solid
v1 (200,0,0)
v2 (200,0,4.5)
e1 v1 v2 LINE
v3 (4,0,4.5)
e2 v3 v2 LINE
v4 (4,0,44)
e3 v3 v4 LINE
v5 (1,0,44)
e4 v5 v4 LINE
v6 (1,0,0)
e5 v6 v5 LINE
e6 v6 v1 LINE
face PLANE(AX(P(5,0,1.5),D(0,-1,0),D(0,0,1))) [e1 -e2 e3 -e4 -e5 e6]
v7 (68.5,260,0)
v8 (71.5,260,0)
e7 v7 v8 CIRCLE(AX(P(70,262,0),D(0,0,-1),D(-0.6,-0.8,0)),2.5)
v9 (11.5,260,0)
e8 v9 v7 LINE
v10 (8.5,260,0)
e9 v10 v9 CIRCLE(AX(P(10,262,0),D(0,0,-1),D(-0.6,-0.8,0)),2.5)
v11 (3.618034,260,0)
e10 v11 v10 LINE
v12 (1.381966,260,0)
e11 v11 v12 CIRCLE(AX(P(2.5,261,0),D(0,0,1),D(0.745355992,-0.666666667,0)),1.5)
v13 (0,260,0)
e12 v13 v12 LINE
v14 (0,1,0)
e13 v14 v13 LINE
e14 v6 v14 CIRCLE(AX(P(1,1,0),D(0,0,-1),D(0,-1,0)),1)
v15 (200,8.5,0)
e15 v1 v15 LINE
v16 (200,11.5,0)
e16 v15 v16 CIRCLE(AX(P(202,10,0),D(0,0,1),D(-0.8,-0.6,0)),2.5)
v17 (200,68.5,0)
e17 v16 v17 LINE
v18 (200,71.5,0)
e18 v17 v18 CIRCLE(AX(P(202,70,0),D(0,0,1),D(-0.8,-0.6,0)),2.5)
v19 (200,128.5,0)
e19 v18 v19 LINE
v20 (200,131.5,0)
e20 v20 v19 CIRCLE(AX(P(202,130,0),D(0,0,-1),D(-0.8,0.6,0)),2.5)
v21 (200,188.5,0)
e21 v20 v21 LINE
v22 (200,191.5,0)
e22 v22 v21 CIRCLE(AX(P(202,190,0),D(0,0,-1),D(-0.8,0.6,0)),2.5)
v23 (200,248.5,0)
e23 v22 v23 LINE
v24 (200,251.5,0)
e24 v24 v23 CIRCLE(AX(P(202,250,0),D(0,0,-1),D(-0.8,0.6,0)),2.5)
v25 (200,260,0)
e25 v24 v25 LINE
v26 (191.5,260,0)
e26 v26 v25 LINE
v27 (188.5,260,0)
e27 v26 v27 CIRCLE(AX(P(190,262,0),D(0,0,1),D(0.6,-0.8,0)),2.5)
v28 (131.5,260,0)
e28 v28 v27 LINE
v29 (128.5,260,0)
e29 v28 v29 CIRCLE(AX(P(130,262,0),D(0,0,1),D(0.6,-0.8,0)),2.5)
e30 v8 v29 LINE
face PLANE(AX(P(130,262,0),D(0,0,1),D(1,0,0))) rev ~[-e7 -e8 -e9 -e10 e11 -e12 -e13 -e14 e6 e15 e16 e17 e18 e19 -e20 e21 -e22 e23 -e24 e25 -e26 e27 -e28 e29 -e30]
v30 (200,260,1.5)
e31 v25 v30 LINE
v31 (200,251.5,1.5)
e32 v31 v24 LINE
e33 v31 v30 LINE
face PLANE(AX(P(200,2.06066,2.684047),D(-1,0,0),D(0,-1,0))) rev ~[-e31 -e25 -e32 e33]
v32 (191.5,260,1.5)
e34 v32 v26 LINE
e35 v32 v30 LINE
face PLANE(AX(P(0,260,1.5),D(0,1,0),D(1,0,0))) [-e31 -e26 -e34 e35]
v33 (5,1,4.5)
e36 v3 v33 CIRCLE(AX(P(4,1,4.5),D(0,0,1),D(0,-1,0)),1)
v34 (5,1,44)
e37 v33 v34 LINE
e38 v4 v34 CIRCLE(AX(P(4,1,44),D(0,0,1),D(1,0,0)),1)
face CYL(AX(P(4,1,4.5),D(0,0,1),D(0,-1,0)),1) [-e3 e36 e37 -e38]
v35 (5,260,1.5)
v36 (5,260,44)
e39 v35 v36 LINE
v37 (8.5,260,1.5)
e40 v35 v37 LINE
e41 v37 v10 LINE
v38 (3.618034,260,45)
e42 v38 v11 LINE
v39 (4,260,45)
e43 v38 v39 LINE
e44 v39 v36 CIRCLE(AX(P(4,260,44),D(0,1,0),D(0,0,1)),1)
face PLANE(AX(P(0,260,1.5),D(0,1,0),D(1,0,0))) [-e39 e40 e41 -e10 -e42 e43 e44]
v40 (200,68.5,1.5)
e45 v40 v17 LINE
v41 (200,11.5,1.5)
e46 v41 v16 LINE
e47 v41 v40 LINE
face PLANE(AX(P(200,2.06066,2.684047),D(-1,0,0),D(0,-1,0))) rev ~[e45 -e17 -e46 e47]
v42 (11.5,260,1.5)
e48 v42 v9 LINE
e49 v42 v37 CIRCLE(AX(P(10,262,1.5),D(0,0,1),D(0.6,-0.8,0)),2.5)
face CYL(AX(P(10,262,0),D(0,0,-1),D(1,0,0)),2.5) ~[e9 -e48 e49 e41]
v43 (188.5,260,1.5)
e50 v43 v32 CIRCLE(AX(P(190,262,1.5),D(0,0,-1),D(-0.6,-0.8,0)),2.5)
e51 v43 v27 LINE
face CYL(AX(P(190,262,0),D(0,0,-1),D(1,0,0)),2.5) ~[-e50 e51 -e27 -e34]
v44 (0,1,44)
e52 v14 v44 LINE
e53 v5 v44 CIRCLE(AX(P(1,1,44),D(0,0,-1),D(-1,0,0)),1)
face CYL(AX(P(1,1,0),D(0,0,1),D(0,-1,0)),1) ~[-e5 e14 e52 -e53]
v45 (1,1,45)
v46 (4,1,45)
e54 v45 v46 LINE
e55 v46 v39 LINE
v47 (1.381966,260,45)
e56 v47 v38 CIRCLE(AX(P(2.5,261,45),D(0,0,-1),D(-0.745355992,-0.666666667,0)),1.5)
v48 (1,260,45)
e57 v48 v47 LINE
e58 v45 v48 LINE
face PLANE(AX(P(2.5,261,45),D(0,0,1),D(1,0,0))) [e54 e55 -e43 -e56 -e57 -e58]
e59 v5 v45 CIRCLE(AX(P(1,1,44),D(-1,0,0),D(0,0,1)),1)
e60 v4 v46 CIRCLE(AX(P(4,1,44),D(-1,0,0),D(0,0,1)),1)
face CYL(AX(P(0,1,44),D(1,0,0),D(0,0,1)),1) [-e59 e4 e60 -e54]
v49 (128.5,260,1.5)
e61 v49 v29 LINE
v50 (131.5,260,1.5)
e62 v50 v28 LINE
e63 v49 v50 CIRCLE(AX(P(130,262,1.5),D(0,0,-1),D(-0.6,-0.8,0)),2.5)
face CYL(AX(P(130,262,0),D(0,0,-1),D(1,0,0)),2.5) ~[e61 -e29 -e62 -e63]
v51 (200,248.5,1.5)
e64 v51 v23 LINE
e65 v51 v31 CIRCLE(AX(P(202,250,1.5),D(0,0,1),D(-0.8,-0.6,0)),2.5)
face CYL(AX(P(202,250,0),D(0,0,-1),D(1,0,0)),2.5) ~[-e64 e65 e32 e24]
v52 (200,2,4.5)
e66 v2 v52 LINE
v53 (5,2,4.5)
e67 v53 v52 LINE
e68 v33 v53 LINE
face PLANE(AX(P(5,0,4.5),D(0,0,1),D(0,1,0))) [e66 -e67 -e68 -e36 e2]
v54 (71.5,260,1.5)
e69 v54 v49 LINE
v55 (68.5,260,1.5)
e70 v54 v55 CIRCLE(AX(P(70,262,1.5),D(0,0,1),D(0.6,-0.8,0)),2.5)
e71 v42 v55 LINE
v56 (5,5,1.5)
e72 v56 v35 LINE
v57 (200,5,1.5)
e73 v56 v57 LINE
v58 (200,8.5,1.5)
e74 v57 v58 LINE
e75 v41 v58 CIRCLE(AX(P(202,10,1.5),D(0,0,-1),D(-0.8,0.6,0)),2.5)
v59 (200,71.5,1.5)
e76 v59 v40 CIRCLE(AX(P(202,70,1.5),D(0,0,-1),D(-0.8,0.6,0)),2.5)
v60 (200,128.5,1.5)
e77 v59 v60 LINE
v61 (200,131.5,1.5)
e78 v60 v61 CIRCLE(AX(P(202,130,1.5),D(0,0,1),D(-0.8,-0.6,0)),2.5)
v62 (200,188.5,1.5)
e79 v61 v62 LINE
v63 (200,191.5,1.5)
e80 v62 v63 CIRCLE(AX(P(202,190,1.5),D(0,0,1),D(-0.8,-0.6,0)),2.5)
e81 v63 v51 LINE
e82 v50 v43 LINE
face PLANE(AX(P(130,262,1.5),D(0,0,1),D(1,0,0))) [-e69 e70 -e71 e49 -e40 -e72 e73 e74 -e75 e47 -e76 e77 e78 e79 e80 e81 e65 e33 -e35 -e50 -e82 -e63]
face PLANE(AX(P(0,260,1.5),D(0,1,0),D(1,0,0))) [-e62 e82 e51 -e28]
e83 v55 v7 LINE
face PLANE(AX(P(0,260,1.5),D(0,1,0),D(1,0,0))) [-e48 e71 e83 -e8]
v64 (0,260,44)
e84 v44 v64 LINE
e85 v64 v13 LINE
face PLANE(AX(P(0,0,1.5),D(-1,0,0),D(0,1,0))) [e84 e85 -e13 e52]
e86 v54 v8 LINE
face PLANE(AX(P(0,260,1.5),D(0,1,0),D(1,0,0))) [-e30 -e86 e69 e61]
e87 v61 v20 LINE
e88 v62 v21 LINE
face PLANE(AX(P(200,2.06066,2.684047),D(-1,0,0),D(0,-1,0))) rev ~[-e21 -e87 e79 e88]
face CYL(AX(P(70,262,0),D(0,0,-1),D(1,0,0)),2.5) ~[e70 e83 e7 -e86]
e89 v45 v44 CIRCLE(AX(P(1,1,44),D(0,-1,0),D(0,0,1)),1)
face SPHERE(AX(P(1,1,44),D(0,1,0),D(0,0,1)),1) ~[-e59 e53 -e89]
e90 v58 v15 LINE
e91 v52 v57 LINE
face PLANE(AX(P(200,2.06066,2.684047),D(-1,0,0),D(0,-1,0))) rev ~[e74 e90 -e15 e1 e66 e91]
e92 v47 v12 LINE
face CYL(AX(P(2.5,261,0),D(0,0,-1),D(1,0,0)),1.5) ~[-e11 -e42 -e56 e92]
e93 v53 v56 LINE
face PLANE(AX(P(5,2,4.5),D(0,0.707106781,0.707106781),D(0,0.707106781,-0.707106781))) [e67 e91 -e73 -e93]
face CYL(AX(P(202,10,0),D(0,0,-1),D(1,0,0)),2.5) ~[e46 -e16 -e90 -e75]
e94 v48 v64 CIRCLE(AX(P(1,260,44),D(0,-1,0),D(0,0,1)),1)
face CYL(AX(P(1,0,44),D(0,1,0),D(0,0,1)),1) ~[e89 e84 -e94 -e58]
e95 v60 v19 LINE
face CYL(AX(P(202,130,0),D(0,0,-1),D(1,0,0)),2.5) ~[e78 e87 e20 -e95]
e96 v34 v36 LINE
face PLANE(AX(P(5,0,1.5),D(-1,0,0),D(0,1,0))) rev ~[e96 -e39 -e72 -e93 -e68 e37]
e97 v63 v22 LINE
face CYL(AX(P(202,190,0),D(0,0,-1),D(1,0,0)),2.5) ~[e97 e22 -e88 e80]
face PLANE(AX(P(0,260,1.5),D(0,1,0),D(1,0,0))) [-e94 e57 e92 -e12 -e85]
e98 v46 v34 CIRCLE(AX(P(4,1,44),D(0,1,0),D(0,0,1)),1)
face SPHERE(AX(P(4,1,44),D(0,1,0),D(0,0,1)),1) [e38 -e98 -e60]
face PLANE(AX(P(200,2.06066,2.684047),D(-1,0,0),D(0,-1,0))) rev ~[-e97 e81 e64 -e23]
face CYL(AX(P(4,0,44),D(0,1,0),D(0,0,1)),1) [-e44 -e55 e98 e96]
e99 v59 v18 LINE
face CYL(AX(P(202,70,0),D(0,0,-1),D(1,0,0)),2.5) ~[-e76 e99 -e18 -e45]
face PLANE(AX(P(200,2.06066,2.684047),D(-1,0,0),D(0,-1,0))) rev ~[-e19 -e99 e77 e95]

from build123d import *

# Parameters (mm, degrees)
SKETCH001_W            = 200
SKETCH001_H            = 260
PAD_DEPTH              = 1.5
SKETCH002_W            = 5
SKETCH002_H            = 260
PAD001_DEPTH           = 43.5
PAD004_DEPTH           = 195
SKETCH003_R            = 2.5
PAD002_DEPTH           = 1.5
LINEARPATTERN_COUNT    = 5
LINEARPATTERN_PITCH    = 60
SKETCH004_R            = 1.5
PAD003_DEPTH           = 45
SKETCH006_R            = 2.5
PAD005_DEPTH           = 1.5
LINEARPATTERN001_COUNT = 4
LINEARPATTERN001_PITCH = 60
FILLET002_R            = 1


with BuildPart() as part:
    # Sketch001 (on XY_Plane of Origin) → Pad (new body)
    with BuildSketch(Plane.XY):
        with Locations((100, 130)):
            Rectangle(SKETCH001_W, SKETCH001_H)
    extrude(amount=PAD_DEPTH)

    # Sketch002 (on Face6 of Pad) → Pad001 (join)
    with BuildSketch(Plane.XY.offset(1.5)):
        with Locations((2.5, 130)):
            Rectangle(SKETCH002_W, SKETCH002_H)
    extrude(amount=PAD001_DEPTH)

    # Sketch005 (on Face4 of Pad001) → Pad004 (join)
    with BuildSketch(Plane.YZ.offset(5)):
        Polygon((0, 1.5), (0, 4.5), (2, 4.5), (5, 1.5), align=None)
    extrude(amount=PAD004_DEPTH)

    # Sketch003 (on XY_Plane of Origin) → Pad002 (join)
    with BuildSketch(Plane.XY):
        with Locations((202, 10)):
            Circle(SKETCH003_R)
    pad002 = extrude(amount=PAD002_DEPTH)

    # LinearPattern: Pad002 ×5
    with Locations(*[(0, i * LINEARPATTERN_PITCH, 0) for i in range(1, LINEARPATTERN_COUNT)]):
        add(pad002)

    # Sketch004 (on XY_Plane of Origin) → Pad003 (join)
    with BuildSketch(Plane.XY):
        with Locations((2.5, 261)):
            Circle(SKETCH004_R)
    extrude(amount=PAD003_DEPTH)

    # Sketch006 (on XY_Plane of Origin) → Pad005 (join)
    with BuildSketch(Plane.XY):
        with Locations((190, 262)):
            Circle(SKETCH006_R)
    pad005 = extrude(amount=PAD005_DEPTH)

    # LinearPattern001: Pad005 ×4
    with Locations(*[(-i * LINEARPATTERN001_PITCH, 0, 0) for i in range(1, LINEARPATTERN001_COUNT)]):
        add(pad005)

    # Fillet002
    fillet002_edges = [part.edges().sort_by_distance(p)[0] for p in [
        (0, 130, 45),
        (5, 130, 45),
        (2.5, 0, 45),
        (0, 0, 22.5),
        (5, 0, 24.75),
    ]]
    fillet(fillet002_edges, radius=FILLET002_R)


solid = part.part
